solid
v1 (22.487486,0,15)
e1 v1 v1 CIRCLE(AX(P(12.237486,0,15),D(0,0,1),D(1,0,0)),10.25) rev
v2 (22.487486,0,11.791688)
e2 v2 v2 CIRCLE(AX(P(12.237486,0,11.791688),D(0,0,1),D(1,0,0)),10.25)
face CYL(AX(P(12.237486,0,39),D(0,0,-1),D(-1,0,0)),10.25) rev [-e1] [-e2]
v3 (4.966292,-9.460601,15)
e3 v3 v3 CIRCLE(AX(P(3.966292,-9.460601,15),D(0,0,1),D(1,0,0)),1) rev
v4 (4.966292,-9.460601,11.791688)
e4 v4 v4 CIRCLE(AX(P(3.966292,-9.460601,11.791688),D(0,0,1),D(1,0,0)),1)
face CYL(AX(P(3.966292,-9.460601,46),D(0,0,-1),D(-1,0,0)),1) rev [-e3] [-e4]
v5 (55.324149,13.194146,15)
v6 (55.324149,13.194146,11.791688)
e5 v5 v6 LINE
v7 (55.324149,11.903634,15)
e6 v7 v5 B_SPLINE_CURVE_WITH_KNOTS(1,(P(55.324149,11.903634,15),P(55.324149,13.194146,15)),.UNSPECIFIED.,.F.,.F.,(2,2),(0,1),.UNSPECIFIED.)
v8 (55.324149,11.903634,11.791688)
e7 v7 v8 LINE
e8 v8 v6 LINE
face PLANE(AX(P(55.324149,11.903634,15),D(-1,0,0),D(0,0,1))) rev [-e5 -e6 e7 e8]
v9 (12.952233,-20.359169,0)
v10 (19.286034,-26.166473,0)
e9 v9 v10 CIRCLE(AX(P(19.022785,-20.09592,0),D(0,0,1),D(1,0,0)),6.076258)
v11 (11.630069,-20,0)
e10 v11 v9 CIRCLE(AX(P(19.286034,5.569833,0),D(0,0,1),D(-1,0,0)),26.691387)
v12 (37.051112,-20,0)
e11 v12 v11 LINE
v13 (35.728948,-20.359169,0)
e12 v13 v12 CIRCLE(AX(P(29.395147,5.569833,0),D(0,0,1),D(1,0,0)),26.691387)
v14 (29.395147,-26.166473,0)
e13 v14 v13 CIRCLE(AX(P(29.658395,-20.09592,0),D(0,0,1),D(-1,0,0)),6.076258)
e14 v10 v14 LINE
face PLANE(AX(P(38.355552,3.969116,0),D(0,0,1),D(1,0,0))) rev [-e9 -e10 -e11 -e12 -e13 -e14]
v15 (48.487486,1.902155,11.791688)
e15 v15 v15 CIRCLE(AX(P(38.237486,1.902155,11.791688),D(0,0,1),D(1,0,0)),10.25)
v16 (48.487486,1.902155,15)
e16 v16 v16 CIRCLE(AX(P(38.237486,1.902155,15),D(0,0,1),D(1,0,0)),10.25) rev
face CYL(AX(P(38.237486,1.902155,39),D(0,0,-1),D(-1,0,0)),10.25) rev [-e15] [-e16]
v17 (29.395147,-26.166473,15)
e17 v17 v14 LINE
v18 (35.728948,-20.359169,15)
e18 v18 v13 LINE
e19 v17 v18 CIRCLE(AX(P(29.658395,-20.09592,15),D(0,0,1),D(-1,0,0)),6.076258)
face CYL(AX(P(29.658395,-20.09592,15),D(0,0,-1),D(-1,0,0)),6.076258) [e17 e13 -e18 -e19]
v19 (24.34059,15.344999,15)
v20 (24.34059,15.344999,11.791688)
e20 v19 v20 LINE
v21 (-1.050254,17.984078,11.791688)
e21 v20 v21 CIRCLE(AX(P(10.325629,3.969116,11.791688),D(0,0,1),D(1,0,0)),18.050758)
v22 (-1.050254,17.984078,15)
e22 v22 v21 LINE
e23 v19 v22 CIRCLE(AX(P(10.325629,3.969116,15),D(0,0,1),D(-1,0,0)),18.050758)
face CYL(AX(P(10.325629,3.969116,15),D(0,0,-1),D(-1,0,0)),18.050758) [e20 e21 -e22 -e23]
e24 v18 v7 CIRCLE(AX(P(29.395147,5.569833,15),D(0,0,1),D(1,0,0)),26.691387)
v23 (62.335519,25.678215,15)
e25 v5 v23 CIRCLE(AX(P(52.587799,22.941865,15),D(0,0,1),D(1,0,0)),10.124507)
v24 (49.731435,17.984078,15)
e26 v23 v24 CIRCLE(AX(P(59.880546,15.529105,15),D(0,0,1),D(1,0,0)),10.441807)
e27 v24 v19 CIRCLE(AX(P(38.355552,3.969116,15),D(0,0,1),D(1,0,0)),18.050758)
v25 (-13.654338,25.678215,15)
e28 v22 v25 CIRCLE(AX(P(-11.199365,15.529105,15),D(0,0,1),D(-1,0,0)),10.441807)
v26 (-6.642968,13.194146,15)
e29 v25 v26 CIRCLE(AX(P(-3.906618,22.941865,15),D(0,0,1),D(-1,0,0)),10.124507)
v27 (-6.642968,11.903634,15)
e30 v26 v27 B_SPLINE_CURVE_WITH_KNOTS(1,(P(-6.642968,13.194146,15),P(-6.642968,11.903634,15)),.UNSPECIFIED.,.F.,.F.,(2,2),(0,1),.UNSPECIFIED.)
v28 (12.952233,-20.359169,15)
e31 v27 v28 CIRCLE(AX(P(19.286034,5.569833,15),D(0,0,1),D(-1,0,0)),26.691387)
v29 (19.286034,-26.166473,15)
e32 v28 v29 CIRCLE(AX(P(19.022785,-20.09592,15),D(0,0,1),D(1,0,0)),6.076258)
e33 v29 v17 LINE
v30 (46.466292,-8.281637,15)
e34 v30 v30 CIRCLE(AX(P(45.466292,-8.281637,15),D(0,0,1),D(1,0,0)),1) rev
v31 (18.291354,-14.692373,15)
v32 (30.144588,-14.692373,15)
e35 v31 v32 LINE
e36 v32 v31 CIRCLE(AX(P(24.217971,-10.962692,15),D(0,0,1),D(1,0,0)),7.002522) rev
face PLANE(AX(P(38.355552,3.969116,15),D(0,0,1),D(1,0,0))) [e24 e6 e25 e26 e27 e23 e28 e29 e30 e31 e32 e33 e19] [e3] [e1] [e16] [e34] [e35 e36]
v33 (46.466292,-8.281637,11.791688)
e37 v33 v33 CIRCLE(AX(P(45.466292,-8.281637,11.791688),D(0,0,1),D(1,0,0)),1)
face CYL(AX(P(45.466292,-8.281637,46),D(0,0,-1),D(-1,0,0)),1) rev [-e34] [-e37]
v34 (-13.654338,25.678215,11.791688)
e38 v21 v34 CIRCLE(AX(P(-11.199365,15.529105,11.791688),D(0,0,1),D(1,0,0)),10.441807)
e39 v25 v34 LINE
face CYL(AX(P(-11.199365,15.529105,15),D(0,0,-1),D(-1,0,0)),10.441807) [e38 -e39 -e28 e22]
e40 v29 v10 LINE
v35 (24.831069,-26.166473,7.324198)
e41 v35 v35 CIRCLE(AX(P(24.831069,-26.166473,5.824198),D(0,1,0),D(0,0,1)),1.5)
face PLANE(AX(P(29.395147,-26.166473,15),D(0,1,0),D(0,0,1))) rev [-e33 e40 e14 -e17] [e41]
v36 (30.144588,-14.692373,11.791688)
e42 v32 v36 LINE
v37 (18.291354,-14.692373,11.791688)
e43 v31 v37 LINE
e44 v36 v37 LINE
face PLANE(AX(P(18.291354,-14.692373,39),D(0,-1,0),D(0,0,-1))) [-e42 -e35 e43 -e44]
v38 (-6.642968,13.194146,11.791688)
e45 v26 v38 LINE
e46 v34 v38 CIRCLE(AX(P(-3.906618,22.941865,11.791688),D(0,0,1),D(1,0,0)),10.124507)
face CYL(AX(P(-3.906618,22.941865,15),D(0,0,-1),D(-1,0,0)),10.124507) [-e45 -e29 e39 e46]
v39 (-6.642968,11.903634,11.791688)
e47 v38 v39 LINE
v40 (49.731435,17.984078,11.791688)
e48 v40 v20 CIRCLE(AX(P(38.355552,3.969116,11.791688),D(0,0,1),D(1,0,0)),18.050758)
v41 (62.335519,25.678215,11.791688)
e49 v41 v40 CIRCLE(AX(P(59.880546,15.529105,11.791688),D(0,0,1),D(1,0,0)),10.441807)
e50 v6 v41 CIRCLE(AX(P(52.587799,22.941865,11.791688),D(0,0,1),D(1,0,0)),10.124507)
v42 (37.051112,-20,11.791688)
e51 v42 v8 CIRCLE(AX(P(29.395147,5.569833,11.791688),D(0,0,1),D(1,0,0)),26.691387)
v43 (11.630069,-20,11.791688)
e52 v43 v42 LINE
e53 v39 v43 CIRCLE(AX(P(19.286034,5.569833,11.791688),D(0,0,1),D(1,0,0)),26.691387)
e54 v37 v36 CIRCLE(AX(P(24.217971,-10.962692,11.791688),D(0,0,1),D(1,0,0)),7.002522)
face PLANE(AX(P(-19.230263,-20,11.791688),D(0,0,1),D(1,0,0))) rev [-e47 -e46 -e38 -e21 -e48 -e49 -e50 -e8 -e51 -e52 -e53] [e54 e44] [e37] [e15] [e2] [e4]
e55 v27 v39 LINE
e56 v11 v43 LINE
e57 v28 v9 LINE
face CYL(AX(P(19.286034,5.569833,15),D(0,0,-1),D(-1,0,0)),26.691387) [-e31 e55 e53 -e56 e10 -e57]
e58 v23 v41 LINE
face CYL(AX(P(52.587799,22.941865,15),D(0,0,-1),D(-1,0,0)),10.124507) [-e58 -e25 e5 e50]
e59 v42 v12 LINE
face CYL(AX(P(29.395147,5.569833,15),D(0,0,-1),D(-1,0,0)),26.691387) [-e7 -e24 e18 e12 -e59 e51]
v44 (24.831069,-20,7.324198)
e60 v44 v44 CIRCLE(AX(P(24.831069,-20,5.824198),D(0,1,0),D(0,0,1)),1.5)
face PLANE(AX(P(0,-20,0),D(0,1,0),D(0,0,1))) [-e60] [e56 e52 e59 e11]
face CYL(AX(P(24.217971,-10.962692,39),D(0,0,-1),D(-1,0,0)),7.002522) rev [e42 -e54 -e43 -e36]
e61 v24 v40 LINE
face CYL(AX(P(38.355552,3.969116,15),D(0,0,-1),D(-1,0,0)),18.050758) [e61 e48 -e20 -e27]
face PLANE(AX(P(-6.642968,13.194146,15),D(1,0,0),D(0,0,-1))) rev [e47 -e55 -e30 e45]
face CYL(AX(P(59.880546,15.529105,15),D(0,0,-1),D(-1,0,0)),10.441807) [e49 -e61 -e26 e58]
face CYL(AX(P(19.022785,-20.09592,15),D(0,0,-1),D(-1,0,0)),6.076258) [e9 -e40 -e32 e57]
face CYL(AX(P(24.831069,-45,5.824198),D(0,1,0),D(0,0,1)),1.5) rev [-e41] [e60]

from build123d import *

# Parameters (mm, degrees)
BOSS_EXTRUDE2_DEPTH     = 15
SKETCH4_R               = 10.25
CUT_EXTRUDE1_DEPTH      = 39
SKETCH5_R               = 1
CUT_EXTRUDE2_DEPTH      = 46
CUT_EXTRUDE4_DEPTH      = 30
CUT_EXTRUDE4_DEPTH_BACK = 20
SKETCH8_W               = 87.305200023
SKETCH8_H               = 11.791688203
SKETCH9_R               = 1.5
CUT_EXTRUDE5_DEPTH      = 45


with BuildPart() as part:
    # Sketch2 → Boss-Extrude2 (new body)
    with BuildSketch(Plane.XY):
        with BuildLine():
            Line((29.39514737, -26.166473039), (19.28603361, -26.166473039))
            ThreePointArc((19.28603361, -26.166473039), (14.916401147, -24.5745939), (12.952232935, -20.359168619))
            ThreePointArc((12.952232935, -20.359168619), (-3.527212702, -8.286066454), (-6.642968051, 11.903633717))
            Line((-6.642968051, 11.903633717), (-6.642968051, 13.194145811))
            ThreePointArc((-6.642968051, 13.194145811), (-12.734188373, 17.984078311), (-13.654337816, 25.678215258))
            ThreePointArc((-13.654337816, 25.678215258), (-5.75878812, 24.441537952), (-1.050254298, 17.984078311))
            ThreePointArc((-1.050254298, 17.984078311), (12.191739255, 21.923154941), (24.34059049, 15.3449993))
            ThreePointArc((24.34059049, 15.3449993), (36.489441725, 21.923154941), (49.731435279, 17.984078311))
            ThreePointArc((49.731435279, 17.984078311), (54.439969101, 24.441537952), (62.335518797, 25.678215258))
            ThreePointArc((62.335518797, 25.678215258), (61.415369354, 17.984078311), (55.324149032, 13.194145811))
            Line((55.324149032, 13.194145811), (55.324149032, 11.903633717))
            ThreePointArc((55.324149032, 11.903633717), (52.208393682, -8.286066454), (35.728948045, -20.359168619))
            ThreePointArc((35.728948045, -20.359168619), (33.764779834, -24.5745939), (29.39514737, -26.166473039))
        make_face()
    extrude(amount=BOSS_EXTRUDE2_DEPTH)

    # Sketch4 → Cut-Extrude1 (cut)
    with BuildSketch(Plane.XY):
        with Locations((12.237485625, 0)):
            Circle(SKETCH4_R)
        with Locations((38.237485625, 1.902154712)):
            Circle(SKETCH4_R)
        with BuildLine():
            Line((18.291353785, -14.692373008), (30.14458787, -14.692373008))
            ThreePointArc((30.14458787, -14.692373008), (24.217970827, -17.965213498), (18.291353785, -14.692373008))
        make_face()
    extrude(amount=CUT_EXTRUDE1_DEPTH, mode=Mode.SUBTRACT)

    # Sketch5 → Cut-Extrude2 (cut)
    with BuildSketch(Plane.XY):
        with Locations((3.966291552, -9.460600721)):
            Circle(SKETCH5_R)
        with Locations((45.466291552, -8.281636769)):
            Circle(SKETCH5_R)
    extrude(amount=CUT_EXTRUDE2_DEPTH, mode=Mode.SUBTRACT)

    # Sketch8 → Cut-Extrude4 (cut, two sides: drawn at the far end of the back side and taken through both)
    with BuildSketch(Plane(origin=(0, 0, 0), x_dir=(1, 0, 0), z_dir=(0, 1, 0)).offset(-CUT_EXTRUDE4_DEPTH_BACK)):
        with Locations((24.422336933, -5.895844102)):
            Rectangle(SKETCH8_W, SKETCH8_H)
    extrude(amount=CUT_EXTRUDE4_DEPTH + CUT_EXTRUDE4_DEPTH_BACK, mode=Mode.SUBTRACT)

    # Sketch9 → Cut-Extrude5 (cut)
    with BuildSketch(Plane(origin=(0, 0, 0), x_dir=(1, 0, 0), z_dir=(0, 1, 0))):
        with Locations(Location((24.831069142, -5.82419794, 0), (0, 0, 270))):
            Circle(SKETCH9_R)
    extrude(amount=-CUT_EXTRUDE5_DEPTH, mode=Mode.SUBTRACT)


solid = part.part
